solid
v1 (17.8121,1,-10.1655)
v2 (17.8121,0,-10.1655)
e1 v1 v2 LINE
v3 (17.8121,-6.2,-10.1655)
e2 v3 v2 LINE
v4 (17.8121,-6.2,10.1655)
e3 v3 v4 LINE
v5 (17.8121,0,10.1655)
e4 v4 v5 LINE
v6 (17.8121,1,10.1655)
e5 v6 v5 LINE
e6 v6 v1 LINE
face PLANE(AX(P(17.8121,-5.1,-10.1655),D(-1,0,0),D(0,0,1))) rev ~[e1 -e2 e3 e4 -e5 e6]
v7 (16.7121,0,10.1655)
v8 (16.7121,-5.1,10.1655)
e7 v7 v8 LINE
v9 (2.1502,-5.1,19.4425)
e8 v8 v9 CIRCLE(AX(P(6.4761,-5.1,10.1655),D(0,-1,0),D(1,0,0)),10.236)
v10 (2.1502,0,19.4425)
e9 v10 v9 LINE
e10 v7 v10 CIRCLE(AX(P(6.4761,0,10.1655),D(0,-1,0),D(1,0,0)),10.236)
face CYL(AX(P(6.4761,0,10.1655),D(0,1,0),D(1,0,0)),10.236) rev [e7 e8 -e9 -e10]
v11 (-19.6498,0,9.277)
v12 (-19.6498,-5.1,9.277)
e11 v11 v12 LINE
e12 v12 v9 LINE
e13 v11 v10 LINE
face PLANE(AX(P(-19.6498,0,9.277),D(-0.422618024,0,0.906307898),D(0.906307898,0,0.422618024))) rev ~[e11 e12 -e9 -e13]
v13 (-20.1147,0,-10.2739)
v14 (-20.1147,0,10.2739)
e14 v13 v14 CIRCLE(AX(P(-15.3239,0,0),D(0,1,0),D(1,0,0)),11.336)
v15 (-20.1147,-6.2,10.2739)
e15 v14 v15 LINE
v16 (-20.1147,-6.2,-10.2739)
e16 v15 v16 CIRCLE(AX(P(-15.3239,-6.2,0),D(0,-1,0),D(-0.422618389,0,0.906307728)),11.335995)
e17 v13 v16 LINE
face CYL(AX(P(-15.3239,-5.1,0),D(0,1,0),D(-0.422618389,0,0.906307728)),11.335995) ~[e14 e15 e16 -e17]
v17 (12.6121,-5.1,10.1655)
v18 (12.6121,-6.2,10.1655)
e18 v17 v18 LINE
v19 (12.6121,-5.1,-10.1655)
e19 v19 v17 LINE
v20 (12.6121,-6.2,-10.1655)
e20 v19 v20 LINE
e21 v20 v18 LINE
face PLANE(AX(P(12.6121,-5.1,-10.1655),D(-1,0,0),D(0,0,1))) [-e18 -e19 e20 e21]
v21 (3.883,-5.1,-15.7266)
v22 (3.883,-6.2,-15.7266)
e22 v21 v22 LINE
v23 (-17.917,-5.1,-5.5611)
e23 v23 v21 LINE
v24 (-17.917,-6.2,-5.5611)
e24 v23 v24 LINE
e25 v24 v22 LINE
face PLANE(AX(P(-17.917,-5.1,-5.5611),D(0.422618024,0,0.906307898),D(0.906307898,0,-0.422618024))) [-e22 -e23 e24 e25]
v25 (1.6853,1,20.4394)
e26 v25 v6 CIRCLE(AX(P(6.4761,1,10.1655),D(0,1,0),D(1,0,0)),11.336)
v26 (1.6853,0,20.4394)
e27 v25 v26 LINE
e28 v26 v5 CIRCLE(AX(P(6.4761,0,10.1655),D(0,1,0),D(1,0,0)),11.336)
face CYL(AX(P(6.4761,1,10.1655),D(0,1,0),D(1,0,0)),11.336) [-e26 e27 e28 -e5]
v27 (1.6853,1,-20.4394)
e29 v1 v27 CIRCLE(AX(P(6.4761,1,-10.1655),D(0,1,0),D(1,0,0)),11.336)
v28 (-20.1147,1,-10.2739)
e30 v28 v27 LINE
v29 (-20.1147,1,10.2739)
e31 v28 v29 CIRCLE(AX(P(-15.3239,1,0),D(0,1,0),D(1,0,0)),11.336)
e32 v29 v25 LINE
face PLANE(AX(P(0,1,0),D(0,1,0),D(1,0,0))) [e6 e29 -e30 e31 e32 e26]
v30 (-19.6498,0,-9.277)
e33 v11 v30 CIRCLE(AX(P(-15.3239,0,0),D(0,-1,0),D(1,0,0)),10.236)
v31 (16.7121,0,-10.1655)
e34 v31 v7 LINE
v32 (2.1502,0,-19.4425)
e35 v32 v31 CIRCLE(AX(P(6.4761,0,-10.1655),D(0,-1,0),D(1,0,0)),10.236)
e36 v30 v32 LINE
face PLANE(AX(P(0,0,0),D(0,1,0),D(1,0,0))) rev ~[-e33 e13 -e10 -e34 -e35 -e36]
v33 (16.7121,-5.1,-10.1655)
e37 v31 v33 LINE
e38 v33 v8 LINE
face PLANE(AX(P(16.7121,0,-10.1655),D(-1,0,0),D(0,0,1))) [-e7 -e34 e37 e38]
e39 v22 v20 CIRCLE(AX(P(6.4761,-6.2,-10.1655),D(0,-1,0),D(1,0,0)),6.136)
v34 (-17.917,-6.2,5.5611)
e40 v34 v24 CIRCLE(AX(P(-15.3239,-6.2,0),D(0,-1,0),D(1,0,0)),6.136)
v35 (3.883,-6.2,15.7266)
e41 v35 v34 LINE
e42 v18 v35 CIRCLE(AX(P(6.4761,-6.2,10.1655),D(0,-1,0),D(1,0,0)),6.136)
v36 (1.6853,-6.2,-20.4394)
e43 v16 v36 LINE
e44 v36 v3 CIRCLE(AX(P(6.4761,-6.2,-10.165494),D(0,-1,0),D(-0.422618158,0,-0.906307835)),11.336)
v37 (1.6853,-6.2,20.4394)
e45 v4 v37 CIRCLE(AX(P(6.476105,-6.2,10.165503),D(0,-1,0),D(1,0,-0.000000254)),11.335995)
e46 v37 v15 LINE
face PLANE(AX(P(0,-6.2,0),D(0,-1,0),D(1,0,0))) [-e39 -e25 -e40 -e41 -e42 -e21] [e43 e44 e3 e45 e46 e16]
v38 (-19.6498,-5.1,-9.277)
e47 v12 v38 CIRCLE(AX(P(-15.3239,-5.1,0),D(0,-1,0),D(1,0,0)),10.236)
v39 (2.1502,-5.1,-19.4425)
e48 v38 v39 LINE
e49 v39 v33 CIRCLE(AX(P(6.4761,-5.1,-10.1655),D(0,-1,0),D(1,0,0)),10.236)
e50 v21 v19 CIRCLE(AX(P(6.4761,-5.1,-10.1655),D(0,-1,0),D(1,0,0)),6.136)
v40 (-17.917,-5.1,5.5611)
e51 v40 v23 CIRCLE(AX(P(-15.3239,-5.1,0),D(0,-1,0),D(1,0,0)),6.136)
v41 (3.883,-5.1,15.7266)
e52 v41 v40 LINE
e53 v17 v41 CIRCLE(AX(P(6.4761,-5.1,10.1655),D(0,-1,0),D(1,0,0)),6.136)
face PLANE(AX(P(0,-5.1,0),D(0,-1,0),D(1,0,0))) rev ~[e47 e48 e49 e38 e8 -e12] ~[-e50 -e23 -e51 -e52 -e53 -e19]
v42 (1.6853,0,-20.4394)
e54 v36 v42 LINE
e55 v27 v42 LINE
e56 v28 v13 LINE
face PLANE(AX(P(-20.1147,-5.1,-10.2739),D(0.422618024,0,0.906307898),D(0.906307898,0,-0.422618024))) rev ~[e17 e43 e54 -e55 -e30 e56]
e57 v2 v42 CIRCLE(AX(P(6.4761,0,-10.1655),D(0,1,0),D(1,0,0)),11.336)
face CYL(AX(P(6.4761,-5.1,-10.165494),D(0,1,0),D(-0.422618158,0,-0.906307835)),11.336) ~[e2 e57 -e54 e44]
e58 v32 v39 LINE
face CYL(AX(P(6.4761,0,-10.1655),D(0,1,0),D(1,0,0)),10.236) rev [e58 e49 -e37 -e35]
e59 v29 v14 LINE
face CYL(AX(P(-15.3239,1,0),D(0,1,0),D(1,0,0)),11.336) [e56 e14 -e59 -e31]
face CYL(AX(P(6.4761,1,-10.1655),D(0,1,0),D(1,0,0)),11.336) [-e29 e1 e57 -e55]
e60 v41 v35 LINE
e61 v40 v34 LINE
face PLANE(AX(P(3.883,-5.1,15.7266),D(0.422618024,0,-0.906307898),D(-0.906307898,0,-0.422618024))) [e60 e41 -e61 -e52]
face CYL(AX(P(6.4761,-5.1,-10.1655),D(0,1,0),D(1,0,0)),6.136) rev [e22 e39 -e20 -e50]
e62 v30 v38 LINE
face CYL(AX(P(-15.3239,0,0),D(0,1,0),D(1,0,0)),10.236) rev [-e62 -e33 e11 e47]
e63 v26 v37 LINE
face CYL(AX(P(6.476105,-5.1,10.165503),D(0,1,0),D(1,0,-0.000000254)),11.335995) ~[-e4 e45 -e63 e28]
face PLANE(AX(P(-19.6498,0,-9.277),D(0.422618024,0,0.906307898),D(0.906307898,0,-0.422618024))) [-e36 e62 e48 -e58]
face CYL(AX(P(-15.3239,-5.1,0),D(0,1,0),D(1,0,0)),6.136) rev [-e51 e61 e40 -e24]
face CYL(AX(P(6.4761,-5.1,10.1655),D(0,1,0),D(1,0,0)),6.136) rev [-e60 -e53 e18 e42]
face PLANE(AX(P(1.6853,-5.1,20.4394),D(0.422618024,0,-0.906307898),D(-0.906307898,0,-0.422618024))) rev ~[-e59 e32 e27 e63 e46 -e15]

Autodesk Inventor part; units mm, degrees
ref_plane "YZ Plane" through (0, 0, 0) normal (1, 0, 0) x (0, 1, 0)
ref_plane "XZ Plane" through (0, 0, 0) normal (0, 1, 0) x (-1, 0, 0)
ref_plane "XY Plane" through (0, 0, 0) normal (0, 0, 1) x (1, 0, 0)
sketch "Sketch1" plane through (0, 0, 0) normal (0, 1, 0) x (-1, 0, 0)
  line L0 (41.1155, 0) -> (-17.3761, 27.2751)
  line L1 (-17.3761, 27.2751) -> (-17.3761, -27.2751)
  line L2 (-17.3761, -27.2751) -> (41.1155, 0)
  circle A0 centre (-6.4761, -10.1655) radius 10.9
  circle A1 centre (-6.4761, 10.1655) radius 10.9
  circle A2 centre (15.3239, 0) radius 10.9
  circle A3 centre (0, 0) radius 17.3761
  line L3 (52.8138, 0) -> (-29.0745, 0) projected
  point P0 (-1.8696, 20.0443)
  point P1 (-17.3761, 10.1655)
  point P2 (-17.3761, -10.1655)
  point P3 (-1.8696, -20.0443)
  point P4 (19.9304, -9.8788)
  point P5 (19.9304, 9.8788)
  dimension "d0" = 50
  dimension "d1" = 21.8
  dimension "d2" = 32.7
  dimension "d3" = 21.8
  dimension "d4" = 21.8
extrude "Extrusion1" add sketch "Sketch1" along normal blind 1 contours A2 A3 L0 | A2 L3 A3 | L2 A3 A2 | A2 A3 L3 | A3 A1 L0 | A3 A2 L3 A1 | A3 L3 A2 | L2 A0 A3 | A3 A0 L3 A2 | A2 L3 A3 | A1 A3 | A1 A0 A3 | A0 A3 | A3 A0 A1 | A1 A3 L1 | A1 L3 A3 | L3 A0 | A1 L3 | L1 A3 A0 | A3 L3 A0
sketch "Sketch2" plane through (0, 1, 0) normal (0, 1, 0) x (1, 0, 0)
  line L0 (17.3761, -10.1655) -> (17.3761, 10.1655) projected
  arc A0 (17.3761, 10.1655) -> (1.8696, 20.0443) centre (6.4761, 10.1655) ccw projected
  line L1 (1.8696, 20.0443) -> (-19.9304, 9.8788) projected
  arc A1 (-19.9304, 9.8788) -> (-19.9304, -9.8788) centre (-15.3239, 0) ccw projected
  line L2 (-19.9304, -9.8788) -> (1.8696, -20.0443) projected
  arc A2 (1.8696, -20.0443) -> (17.3761, -10.1655) centre (6.4761, -10.1655) ccw projected
  circle A3 centre (-15.3239, 0) radius 11.336
  circle A4 centre (6.4761, -10.1655) radius 11.336
  circle A5 centre (6.4761, 10.1655) radius 11.336
  line L3 (-20.1147, -10.2739) -> (1.6853, -20.4394)
  line L4 (-20.1147, 10.2739) -> (1.6853, 20.4394)
  line L5 (17.8121, -26) -> (17.8121, 10.1655)
  point P0 (0, 0)
  point P1 (17.8121, -10.1655)
  dimension "d9" = 22.672
  dimension "d7" = 22.672
  dimension "d8" = 22.672
extrude "Extrusion2" add sketch "Sketch2" against normal blind 1
sketch "Sketch3" plane through (0, 0, 0) normal (0, -1, 0) x (1, 0, 0)
  arc A0 (1.6853, -20.4394) -> (17.8121, -10.1655) centre (6.4761, -10.1655) ccw projected
  line L0 (17.8121, -10.1655) -> (17.8121, 10.1655) projected
  arc A1 (17.8121, 10.1655) -> (1.6853, 20.4394) centre (6.4761, 10.1655) ccw projected
  line L1 (1.6853, 20.4394) -> (-20.1147, 10.2739) projected
  arc A2 (-20.1147, 10.2739) -> (-20.1147, -10.2739) centre (-15.3239, 0) ccw projected
  line L2 (-20.1147, -10.2739) -> (1.6853, -20.4394) projected
  circle A3 centre (-15.3239, 0) radius 10.236
  circle A4 centre (6.4761, 10.1655) radius 10.236
  circle A5 centre (6.4761, -10.1655) radius 10.236
  line L3 (-19.6498, -9.277) -> (2.1502, -19.4425)
  line L4 (16.7121, -10.1655) -> (16.7121, 10.1655)
  line L5 (-19.6498, 9.277) -> (2.1502, 19.4425)
  point P0 (0, 0)
  point P1 (-8.7498, -14.3597)
  dimension "d17" = 1.1
extrude "Extrusion3" add sketch "Sketch3" along normal blind 5.1
sketch "Sketch4" plane through (0, -5.1, 0) normal (0, -1, 0) x (1, 0, 0)
  line L0 (1.6853, 20.4394) -> (-20.1147, 10.2739) projected
  arc A0 (17.8121, 10.1655) -> (1.6853, 20.4394) centre (6.4761, 10.1655) ccw projected
  line L1 (17.8121, -10.1655) -> (17.8121, 10.1655) projected
  arc A1 (1.6853, -20.4394) -> (17.8121, -10.1655) centre (6.4761, -10.1655) ccw projected
  line L2 (-20.1147, -10.2739) -> (1.6853, -20.4394) projected
  arc A2 (-20.1147, 10.2739) -> (-20.1147, -10.2739) centre (-15.3239, 0) ccw projected
  circle A3 centre (6.4761, -10.1655) radius 6.136
  circle A4 centre (6.4761, 10.1655) radius 6.136
  circle A5 centre (-15.3239, 0) radius 6.136
  line L3 (-17.917, -5.5611) -> (3.883, -15.7266)
  line L4 (12.6121, -10.1655) -> (12.6121, 10.1655)
  line L5 (3.883, 15.7266) -> (-17.917, 5.5611)
  point P0 (0, 0)
  dimension "d18" = 5.2
extrude "Extrusion4" add sketch "Sketch4" along normal blind 1.1
properties part number "Magne_Cover"
